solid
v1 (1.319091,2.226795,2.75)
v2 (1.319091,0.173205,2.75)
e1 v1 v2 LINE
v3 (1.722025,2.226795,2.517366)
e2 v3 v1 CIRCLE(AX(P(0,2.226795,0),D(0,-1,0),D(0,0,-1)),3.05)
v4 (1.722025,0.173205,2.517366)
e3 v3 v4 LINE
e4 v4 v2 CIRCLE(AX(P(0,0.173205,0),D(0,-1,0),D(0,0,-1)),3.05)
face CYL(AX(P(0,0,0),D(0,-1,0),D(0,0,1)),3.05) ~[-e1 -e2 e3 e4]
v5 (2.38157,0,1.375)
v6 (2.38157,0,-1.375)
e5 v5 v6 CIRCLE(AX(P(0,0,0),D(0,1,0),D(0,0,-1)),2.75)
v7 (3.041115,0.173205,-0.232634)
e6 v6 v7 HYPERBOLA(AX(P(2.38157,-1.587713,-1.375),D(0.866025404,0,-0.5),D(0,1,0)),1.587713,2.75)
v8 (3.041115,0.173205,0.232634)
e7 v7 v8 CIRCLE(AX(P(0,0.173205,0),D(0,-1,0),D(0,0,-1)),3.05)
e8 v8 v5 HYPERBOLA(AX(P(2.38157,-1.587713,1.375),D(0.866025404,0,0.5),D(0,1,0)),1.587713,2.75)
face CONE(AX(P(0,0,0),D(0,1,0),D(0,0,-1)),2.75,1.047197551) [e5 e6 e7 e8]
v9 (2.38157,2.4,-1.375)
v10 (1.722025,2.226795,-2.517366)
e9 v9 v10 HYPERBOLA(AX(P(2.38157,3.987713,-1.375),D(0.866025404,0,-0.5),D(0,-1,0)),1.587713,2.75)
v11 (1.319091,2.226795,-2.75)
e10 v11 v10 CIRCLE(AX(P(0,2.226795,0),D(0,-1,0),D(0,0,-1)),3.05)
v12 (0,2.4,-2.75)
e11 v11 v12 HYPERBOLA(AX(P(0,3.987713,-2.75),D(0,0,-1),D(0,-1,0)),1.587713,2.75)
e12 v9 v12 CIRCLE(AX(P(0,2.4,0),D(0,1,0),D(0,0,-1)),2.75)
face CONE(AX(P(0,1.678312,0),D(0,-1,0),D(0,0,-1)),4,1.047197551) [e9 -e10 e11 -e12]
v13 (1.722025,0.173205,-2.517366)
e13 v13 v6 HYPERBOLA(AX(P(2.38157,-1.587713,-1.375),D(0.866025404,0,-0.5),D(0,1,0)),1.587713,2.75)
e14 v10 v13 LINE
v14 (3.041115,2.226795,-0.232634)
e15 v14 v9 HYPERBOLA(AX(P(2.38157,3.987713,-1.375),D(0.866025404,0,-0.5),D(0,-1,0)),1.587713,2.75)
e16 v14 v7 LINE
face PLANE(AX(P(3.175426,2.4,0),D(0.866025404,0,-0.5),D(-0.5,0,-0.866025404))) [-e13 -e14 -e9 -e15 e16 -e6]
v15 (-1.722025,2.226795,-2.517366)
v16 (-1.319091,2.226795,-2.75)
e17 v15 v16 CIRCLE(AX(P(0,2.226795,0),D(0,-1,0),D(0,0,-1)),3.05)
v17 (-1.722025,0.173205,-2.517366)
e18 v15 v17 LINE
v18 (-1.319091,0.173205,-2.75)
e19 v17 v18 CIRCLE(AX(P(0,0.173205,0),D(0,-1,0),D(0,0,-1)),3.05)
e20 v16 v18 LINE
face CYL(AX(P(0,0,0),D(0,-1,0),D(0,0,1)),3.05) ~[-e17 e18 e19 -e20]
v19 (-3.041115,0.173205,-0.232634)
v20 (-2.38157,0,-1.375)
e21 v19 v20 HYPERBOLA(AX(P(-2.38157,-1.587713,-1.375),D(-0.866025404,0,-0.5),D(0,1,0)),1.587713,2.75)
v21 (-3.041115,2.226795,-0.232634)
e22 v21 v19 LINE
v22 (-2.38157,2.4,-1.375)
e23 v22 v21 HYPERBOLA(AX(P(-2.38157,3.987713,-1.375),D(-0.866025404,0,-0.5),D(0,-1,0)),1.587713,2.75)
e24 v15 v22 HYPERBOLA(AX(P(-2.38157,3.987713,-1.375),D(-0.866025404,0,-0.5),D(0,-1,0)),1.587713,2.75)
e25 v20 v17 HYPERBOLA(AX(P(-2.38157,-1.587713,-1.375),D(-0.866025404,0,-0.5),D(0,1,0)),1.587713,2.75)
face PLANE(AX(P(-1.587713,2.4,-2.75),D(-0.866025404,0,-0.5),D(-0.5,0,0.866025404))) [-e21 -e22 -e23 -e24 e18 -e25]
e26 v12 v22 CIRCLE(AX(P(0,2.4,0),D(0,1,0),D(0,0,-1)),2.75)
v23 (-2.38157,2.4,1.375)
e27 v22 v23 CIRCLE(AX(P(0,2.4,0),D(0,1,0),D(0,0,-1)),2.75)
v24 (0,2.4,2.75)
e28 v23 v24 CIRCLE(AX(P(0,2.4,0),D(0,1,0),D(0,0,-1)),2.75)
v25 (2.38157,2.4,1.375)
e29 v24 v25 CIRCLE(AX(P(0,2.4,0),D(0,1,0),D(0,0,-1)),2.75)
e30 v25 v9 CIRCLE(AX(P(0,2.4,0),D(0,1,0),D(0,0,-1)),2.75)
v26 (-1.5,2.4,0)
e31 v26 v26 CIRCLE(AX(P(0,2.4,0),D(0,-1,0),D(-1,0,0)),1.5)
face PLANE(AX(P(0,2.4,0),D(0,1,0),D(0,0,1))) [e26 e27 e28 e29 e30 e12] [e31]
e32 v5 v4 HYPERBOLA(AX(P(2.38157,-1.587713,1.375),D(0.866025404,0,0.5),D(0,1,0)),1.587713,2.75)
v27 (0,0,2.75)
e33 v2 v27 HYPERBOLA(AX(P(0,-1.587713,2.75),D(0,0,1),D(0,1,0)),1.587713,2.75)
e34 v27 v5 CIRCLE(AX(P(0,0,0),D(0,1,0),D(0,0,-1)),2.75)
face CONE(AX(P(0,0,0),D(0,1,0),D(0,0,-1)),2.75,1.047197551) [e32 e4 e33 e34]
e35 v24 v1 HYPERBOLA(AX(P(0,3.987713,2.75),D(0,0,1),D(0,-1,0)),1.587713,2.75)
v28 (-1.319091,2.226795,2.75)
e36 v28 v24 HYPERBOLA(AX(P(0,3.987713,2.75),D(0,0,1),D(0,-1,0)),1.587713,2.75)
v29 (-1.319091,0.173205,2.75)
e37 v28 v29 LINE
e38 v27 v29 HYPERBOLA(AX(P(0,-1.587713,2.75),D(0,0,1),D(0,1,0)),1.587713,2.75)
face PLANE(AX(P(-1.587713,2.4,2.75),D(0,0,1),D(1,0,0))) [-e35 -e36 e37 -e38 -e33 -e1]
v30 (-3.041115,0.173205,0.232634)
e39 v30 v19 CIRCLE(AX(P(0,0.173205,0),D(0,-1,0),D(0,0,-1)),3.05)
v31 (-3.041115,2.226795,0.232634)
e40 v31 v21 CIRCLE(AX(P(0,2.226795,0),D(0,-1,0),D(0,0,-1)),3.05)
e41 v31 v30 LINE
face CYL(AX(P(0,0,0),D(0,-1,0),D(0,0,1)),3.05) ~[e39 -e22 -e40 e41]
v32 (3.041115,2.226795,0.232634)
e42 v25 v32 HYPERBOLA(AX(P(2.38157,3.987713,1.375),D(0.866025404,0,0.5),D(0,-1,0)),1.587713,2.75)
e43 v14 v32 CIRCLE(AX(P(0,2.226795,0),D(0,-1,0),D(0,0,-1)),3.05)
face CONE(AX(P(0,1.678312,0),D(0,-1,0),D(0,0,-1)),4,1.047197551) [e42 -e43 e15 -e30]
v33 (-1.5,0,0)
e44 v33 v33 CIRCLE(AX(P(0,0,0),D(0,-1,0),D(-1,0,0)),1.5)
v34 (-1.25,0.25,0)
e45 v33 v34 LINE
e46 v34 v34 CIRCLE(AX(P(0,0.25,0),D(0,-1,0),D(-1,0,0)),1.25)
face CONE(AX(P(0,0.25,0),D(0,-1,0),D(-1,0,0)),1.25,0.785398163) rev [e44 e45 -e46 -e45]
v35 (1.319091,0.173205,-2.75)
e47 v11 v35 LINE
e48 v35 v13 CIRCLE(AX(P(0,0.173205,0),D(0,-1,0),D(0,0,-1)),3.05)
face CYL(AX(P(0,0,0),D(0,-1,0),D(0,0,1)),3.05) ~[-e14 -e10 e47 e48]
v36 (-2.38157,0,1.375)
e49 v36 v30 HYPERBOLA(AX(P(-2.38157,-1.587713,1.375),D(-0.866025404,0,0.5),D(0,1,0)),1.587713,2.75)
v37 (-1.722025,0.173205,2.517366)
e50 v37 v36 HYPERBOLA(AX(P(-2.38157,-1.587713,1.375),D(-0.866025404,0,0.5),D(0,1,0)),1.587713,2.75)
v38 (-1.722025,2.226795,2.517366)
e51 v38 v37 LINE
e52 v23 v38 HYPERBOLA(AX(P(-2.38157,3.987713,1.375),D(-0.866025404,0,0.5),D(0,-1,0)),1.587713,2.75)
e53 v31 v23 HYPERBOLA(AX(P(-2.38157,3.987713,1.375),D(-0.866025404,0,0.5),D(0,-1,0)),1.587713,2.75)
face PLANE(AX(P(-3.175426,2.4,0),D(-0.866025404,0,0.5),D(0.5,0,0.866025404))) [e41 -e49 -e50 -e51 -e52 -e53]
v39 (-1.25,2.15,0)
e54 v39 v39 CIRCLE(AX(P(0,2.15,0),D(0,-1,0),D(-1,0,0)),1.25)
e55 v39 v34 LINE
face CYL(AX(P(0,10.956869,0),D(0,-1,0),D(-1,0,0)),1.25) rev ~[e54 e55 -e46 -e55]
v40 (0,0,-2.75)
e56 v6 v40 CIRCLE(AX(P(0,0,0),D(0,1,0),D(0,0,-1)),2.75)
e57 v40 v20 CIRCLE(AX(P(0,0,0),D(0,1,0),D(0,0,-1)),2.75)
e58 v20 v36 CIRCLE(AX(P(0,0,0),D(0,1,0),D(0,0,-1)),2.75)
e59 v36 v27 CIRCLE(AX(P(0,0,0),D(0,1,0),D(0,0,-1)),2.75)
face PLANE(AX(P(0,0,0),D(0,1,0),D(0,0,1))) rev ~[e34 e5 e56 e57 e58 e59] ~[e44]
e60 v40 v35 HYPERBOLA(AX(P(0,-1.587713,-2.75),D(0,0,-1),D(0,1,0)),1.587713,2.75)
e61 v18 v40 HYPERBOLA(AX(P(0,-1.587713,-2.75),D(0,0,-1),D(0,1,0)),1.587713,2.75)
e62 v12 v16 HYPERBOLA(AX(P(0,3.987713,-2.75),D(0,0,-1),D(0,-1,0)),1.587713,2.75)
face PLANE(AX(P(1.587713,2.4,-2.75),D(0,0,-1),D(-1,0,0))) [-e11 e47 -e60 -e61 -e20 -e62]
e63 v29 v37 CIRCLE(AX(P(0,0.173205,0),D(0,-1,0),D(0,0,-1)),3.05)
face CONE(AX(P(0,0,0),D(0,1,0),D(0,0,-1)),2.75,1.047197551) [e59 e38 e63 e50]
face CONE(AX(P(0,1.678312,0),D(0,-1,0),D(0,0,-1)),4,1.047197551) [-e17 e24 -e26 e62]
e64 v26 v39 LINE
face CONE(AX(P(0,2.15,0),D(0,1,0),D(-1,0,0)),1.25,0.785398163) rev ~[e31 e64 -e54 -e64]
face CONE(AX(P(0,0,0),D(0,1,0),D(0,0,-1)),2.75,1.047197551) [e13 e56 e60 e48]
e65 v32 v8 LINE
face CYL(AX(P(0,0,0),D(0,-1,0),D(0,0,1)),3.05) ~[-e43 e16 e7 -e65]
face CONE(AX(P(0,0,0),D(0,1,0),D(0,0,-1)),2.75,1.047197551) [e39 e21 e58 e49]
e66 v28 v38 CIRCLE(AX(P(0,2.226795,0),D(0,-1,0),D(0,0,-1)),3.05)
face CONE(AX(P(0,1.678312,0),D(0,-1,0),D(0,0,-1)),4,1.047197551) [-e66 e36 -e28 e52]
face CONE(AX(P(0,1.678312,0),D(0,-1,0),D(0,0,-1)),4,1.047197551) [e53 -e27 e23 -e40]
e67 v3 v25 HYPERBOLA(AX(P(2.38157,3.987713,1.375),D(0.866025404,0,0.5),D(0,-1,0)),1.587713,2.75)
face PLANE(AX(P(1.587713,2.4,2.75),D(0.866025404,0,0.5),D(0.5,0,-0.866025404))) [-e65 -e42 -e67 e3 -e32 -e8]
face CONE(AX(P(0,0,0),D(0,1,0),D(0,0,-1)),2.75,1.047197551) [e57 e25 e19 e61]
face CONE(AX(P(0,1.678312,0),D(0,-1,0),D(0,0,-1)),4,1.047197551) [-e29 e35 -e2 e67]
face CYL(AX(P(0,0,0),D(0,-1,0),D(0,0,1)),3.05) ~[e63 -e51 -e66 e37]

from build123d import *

# Parameters (mm, degrees)
SKETCH1_R           = 3.05
BOSS_EXTRUDE1_DEPTH = 2.4
SKETCH2_OUTSIDE_W   = 9.89
SKETCH2_OUTSIDE_H   = 9.89
CUT_EXTRUDE1_DEPTH  = 2.4
M3_TAPPED_HOLE1_D   = 2.5
CHAMFER1_SIZE       = 0.25


with BuildPart() as part:
    # Sketch1 → Boss-Extrude1 (new body)
    with BuildSketch(Plane(origin=(0, 0, 0), x_dir=(1, 0, 0), z_dir=(0, 1, 0))):
        with Locations(Location((0, 0, 0), (0, 0, 270))):
            Circle(SKETCH1_R)
    extrude(amount=BOSS_EXTRUDE1_DEPTH)

    # Sketch2 outside → Cut-Extrude1 (cut)
    with BuildSketch(Plane(origin=(0, 2.4, 0), x_dir=(1, 0, 0), z_dir=(0, 1, 0))):
        Rectangle(SKETCH2_OUTSIDE_W, SKETCH2_OUTSIDE_H)
        Polygon((1.58771324, 2.75), (-1.58771324, 2.75), (-3.175426481, 0), (-1.58771324, -2.75), (1.58771324, -2.75), (3.175426481, 0), align=None, mode=Mode.SUBTRACT)
    extrude(amount=-CUT_EXTRUDE1_DEPTH, mode=Mode.SUBTRACT)

    # Sketch3 → Cut-Revolve1 (revolve, cut)
    with BuildSketch(Plane(origin=(0, 0, 0), x_dir=(0, 0, -1), z_dir=(1, 0, 0))):
        Polygon((2.75, 2.4), (4, 2.4), (4, 1.678312164), align=None)
        Polygon((4, 0), (2.75, 0), (4, 0.721687836), align=None)
    revolve(axis=Axis((0, 0, 0), (0, 1, 0)), mode=Mode.SUBTRACT)

    # M3 Tapped Hole1 (through all)
    with Locations(Plane(origin=(0, 2.4, 0), x_dir=(1, 0, 0), z_dir=(0, 1, 0))):
        with Locations((0, 0)):
            Hole(M3_TAPPED_HOLE1_D / 2)

    # Chamfer1
    chamfer1_edges = [part.edges().sort_by_distance(p)[0] for p in [
        (1.25, 2.4, 0),
        (1.25, 0, 0),
    ]]
    chamfer(chamfer1_edges, length=CHAMFER1_SIZE)


solid = part.part
